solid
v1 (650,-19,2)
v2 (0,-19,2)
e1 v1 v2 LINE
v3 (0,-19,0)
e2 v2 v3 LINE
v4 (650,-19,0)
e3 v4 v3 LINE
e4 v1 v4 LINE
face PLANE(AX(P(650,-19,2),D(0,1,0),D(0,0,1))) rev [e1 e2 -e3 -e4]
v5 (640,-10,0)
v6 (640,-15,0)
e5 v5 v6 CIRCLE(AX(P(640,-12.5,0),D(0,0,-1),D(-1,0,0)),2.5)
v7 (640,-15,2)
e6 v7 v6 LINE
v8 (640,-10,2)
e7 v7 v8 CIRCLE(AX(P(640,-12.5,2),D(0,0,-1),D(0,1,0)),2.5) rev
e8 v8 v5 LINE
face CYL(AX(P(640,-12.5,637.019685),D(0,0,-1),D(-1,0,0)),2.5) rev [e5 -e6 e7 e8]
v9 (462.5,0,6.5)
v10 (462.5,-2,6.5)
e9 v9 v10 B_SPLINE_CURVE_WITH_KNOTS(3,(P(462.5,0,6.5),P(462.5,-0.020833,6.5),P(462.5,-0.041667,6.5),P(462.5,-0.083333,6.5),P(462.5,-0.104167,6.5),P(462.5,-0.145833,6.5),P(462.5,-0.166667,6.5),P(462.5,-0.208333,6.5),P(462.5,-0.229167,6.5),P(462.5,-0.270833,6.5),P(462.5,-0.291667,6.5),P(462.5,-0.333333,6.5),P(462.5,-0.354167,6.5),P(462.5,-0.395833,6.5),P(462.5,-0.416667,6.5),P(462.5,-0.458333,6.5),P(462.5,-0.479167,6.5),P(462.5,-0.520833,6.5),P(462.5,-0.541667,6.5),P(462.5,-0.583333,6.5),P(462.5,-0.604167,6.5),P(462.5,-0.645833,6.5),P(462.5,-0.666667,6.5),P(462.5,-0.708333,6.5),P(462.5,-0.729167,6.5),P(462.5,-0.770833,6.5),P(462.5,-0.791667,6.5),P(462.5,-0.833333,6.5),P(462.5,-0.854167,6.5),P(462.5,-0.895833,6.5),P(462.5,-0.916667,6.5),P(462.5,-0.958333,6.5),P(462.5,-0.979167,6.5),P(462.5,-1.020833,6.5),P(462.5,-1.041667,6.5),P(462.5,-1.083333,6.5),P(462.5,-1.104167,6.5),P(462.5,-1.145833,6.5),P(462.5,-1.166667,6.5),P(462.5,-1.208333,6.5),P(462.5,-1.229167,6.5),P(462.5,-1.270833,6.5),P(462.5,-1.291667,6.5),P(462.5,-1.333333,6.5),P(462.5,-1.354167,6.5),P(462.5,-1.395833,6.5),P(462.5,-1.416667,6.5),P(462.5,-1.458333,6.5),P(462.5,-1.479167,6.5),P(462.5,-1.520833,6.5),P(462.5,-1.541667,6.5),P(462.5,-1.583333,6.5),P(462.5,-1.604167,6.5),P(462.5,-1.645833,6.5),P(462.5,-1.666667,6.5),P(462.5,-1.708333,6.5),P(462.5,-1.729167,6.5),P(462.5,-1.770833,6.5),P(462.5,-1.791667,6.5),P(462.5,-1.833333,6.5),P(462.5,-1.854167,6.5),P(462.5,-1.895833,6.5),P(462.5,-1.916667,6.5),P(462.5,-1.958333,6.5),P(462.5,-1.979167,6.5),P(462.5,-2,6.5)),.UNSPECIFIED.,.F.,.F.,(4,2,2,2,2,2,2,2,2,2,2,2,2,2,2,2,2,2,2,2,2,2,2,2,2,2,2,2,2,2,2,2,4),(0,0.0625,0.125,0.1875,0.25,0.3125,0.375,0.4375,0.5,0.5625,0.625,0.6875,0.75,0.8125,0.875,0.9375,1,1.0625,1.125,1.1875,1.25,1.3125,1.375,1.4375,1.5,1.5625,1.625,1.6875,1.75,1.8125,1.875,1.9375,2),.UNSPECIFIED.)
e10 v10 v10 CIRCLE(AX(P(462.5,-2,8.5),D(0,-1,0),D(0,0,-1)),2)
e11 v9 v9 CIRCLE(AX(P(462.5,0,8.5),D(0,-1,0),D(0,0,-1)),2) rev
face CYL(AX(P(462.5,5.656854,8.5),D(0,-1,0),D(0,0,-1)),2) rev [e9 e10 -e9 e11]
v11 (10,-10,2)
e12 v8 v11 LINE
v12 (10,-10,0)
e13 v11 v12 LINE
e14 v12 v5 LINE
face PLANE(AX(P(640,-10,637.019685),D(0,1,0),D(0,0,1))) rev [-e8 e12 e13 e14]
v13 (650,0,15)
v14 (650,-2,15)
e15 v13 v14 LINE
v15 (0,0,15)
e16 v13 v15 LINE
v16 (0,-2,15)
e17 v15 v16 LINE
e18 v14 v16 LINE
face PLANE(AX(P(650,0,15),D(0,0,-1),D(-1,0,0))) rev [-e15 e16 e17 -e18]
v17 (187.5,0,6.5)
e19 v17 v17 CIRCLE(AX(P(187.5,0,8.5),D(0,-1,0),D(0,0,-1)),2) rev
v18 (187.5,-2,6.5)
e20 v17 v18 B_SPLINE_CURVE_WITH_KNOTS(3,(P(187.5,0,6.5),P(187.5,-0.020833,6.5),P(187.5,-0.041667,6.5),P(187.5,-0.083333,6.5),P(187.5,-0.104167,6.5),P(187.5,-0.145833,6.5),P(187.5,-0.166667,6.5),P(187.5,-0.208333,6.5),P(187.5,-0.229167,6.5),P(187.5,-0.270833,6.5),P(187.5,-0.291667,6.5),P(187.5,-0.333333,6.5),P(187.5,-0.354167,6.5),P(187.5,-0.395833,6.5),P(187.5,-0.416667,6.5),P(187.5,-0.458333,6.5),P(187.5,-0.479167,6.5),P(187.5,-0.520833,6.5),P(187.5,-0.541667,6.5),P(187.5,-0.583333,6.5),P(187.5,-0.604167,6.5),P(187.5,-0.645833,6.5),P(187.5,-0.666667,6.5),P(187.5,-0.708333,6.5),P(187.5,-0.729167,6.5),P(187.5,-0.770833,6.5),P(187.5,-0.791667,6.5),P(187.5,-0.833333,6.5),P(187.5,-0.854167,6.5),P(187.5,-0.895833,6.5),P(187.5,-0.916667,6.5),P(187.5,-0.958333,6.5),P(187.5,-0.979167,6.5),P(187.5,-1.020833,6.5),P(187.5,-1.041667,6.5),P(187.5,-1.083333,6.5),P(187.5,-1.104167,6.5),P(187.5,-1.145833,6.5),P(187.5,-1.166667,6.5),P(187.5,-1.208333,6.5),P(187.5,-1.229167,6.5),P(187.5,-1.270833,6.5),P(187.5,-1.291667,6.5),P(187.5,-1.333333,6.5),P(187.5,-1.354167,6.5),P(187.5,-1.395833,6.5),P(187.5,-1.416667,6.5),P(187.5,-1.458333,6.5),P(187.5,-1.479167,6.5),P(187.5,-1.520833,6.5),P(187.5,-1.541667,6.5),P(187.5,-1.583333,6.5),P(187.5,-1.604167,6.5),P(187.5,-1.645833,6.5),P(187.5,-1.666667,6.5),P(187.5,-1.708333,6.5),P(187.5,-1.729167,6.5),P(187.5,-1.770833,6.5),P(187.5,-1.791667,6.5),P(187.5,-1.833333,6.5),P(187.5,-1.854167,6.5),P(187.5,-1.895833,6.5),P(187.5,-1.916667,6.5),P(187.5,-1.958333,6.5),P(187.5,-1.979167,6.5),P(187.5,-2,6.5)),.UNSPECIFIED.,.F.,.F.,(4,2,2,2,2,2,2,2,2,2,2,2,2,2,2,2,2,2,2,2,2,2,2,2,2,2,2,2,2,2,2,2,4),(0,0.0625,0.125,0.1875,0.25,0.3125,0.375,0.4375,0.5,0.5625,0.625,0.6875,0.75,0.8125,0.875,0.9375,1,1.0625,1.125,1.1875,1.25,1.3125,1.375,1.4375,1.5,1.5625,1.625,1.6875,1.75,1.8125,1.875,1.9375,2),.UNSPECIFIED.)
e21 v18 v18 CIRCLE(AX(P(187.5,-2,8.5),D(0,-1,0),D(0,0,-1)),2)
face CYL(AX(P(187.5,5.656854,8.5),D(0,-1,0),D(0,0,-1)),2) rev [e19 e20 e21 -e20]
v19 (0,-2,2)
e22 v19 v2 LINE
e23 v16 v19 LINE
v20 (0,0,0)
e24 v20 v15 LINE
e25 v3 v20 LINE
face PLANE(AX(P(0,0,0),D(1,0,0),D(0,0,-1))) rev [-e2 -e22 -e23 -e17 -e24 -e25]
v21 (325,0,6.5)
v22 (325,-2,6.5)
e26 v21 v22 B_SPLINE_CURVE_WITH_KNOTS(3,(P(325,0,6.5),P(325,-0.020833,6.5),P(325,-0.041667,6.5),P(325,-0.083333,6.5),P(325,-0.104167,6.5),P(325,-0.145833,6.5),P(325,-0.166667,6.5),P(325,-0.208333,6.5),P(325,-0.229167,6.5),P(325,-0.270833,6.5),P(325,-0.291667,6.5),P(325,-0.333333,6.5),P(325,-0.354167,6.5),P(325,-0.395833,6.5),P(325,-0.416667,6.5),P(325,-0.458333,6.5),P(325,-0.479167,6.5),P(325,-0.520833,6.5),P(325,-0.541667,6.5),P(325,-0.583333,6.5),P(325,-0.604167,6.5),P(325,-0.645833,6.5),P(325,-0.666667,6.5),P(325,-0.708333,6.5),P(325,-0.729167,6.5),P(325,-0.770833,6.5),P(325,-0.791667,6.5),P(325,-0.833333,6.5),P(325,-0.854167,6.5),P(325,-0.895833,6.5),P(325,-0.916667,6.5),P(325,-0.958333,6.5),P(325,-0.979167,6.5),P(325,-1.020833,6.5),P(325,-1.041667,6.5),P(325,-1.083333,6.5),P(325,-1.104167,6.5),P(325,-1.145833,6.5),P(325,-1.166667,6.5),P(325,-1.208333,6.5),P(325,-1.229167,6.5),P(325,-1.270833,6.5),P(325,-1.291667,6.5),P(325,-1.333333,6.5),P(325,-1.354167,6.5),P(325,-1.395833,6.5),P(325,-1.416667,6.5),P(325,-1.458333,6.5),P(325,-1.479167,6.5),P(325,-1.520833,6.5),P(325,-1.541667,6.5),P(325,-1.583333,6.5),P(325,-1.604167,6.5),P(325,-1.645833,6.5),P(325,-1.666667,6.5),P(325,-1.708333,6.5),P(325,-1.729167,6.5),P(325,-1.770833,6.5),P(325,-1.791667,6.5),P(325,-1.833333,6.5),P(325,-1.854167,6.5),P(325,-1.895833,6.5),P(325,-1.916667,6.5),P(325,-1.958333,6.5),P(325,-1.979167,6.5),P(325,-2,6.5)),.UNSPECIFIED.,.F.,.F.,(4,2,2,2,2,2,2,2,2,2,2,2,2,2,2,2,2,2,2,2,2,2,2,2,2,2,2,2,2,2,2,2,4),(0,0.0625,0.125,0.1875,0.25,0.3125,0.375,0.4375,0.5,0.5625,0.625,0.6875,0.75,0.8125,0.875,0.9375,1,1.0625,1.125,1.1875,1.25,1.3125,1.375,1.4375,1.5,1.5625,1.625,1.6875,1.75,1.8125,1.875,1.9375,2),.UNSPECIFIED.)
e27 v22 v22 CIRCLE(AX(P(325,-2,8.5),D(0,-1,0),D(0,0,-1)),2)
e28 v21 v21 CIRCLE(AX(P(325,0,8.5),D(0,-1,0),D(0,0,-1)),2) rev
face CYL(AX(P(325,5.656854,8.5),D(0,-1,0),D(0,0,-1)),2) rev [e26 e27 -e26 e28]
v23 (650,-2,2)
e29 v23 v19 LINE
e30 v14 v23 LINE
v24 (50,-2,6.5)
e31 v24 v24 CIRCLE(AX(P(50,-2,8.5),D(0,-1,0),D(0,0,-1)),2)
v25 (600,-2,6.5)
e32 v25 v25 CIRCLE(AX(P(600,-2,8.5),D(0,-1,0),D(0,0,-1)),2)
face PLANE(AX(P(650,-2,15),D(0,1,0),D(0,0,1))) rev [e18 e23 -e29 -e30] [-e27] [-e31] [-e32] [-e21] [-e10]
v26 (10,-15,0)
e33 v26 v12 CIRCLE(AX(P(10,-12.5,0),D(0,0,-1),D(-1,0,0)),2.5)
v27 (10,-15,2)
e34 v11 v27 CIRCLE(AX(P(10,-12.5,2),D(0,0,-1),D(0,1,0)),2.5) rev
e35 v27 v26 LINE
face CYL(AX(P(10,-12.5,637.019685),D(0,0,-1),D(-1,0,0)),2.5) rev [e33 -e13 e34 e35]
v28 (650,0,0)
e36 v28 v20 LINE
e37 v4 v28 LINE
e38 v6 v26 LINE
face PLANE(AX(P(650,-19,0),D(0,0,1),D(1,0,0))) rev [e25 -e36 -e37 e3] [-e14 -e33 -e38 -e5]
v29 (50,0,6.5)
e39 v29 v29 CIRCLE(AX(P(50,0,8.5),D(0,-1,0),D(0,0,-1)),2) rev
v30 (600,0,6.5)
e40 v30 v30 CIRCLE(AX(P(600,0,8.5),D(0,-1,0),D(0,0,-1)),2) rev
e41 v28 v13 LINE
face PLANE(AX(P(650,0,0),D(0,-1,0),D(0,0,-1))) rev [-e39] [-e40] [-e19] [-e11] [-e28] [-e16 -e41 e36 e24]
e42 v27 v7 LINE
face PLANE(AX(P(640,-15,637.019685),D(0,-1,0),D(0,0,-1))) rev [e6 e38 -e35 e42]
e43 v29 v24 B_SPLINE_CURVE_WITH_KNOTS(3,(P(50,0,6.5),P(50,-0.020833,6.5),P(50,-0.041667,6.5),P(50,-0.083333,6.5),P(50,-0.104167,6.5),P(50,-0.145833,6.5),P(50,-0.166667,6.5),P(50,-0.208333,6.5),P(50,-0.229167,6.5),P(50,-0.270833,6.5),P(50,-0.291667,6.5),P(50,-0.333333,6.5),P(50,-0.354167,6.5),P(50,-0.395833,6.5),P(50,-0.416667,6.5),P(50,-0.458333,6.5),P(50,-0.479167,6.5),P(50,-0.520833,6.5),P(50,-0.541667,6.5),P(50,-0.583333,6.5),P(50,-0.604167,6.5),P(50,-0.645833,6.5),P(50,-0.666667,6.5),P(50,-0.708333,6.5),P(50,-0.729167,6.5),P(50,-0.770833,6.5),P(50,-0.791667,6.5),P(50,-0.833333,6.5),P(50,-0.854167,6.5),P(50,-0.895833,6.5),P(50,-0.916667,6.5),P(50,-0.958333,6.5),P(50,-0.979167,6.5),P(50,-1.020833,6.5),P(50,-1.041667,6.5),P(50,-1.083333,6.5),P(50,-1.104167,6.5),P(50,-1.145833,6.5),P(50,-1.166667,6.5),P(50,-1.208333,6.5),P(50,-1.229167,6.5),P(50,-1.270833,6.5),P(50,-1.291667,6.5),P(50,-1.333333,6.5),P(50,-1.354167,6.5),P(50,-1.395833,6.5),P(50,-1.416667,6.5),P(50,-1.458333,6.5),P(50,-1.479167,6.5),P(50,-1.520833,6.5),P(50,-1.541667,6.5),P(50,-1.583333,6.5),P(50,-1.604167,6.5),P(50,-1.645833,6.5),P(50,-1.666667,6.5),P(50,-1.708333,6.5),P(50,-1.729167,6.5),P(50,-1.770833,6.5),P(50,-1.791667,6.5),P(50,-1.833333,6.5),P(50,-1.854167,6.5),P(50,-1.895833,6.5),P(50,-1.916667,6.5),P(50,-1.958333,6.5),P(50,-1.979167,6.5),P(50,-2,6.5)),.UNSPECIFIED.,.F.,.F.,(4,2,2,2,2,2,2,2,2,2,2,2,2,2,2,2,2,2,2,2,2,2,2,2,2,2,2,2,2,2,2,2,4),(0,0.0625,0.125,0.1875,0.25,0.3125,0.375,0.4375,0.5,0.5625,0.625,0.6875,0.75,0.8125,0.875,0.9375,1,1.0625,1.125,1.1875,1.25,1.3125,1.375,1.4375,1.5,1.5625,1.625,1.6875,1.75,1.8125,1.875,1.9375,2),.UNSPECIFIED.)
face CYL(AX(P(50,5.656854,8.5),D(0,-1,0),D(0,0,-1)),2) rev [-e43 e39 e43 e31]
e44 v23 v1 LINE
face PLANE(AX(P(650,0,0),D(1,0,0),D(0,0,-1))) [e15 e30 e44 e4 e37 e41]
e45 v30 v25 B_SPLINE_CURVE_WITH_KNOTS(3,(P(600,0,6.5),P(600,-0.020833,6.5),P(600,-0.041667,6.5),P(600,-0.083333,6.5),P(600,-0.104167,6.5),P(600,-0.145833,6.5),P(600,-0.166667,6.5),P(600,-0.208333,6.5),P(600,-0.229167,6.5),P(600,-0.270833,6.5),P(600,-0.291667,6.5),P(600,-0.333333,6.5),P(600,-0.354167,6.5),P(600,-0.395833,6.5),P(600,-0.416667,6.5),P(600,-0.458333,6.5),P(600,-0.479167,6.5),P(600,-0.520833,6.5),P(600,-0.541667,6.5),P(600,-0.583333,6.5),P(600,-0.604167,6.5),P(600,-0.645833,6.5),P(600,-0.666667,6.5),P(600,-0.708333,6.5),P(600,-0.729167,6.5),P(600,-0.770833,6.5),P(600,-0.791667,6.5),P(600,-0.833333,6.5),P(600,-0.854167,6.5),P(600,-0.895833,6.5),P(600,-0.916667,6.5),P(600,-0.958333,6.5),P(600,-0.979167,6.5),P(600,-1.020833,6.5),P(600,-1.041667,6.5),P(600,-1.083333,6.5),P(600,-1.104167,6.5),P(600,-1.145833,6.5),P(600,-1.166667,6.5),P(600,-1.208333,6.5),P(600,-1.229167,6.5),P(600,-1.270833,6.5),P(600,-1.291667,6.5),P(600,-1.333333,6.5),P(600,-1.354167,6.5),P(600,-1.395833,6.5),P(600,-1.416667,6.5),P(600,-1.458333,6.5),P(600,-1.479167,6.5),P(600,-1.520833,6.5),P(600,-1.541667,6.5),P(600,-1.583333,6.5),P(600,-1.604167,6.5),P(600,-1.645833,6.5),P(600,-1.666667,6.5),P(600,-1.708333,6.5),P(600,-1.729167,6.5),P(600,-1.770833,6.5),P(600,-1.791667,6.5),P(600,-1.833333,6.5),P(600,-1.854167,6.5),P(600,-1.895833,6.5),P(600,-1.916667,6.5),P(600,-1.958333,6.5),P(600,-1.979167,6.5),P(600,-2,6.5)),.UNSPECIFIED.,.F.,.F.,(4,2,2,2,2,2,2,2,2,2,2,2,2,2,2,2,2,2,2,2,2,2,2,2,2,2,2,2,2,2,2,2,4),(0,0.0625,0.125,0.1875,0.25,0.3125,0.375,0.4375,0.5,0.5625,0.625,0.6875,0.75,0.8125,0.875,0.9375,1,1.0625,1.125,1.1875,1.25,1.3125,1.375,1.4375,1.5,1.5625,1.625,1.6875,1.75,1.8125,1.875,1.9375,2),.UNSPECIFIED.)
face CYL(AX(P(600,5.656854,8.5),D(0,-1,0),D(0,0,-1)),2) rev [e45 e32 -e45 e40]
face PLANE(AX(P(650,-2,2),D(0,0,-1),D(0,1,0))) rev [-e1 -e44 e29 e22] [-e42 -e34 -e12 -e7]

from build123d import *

# Parameters (mm, degrees)
BOSS_EXTRUDE1_DEPTH = 650
CUT_EXTRUDE1_DEPTH  = 2
SKETCH4_R           = 2
CUT_EXTRUDE2_DEPTH  = 2


with BuildPart() as part:
    # Sketch1 → Boss-Extrude1 (new body)
    with BuildSketch(Plane(origin=(0, 0, 0), x_dir=(0, 0, -1), z_dir=(1, 0, 0))):
        Polygon((0, 0), (-15, 0), (-15, -2), (-2, -2), (-2, -19), (0, -19), align=None)
    extrude(amount=BOSS_EXTRUDE1_DEPTH)

    # Sketch3 → Cut-Extrude1 (cut)
    with BuildSketch(Plane(origin=(0, 0, 0), x_dir=(-1, 0, 0), z_dir=(0, 0, -1))):
        with BuildLine():
            Line((-640, -10), (-10, -10))
            ThreePointArc((-10, -10), (-7.5, -12.5), (-10, -15))
            Line((-10, -15), (-640, -15))
            ThreePointArc((-640, -15), (-642.5, -12.5), (-640, -10))
        make_face()
    extrude(amount=-CUT_EXTRUDE1_DEPTH, mode=Mode.SUBTRACT)

    # Sketch4 → Cut-Extrude2 (cut)
    with BuildSketch(Plane.XZ.offset(2)):
        with Locations(Location((325, 8.5, 0), (0, 0, 270))):
            Circle(SKETCH4_R)
        with Locations(Location((187.5, 8.5, 0), (0, 0, 270))):
            Circle(SKETCH4_R)
        with Locations(Location((50, 8.5, 0), (0, 0, 270))):
            Circle(SKETCH4_R)
        with Locations(Location((462.5, 8.5, 0), (0, 0, 270))):
            Circle(SKETCH4_R)
        with Locations(Location((600, 8.5, 0), (0, 0, 270))):
            Circle(SKETCH4_R)
    extrude(amount=-CUT_EXTRUDE2_DEPTH, mode=Mode.SUBTRACT)


solid = part.part
